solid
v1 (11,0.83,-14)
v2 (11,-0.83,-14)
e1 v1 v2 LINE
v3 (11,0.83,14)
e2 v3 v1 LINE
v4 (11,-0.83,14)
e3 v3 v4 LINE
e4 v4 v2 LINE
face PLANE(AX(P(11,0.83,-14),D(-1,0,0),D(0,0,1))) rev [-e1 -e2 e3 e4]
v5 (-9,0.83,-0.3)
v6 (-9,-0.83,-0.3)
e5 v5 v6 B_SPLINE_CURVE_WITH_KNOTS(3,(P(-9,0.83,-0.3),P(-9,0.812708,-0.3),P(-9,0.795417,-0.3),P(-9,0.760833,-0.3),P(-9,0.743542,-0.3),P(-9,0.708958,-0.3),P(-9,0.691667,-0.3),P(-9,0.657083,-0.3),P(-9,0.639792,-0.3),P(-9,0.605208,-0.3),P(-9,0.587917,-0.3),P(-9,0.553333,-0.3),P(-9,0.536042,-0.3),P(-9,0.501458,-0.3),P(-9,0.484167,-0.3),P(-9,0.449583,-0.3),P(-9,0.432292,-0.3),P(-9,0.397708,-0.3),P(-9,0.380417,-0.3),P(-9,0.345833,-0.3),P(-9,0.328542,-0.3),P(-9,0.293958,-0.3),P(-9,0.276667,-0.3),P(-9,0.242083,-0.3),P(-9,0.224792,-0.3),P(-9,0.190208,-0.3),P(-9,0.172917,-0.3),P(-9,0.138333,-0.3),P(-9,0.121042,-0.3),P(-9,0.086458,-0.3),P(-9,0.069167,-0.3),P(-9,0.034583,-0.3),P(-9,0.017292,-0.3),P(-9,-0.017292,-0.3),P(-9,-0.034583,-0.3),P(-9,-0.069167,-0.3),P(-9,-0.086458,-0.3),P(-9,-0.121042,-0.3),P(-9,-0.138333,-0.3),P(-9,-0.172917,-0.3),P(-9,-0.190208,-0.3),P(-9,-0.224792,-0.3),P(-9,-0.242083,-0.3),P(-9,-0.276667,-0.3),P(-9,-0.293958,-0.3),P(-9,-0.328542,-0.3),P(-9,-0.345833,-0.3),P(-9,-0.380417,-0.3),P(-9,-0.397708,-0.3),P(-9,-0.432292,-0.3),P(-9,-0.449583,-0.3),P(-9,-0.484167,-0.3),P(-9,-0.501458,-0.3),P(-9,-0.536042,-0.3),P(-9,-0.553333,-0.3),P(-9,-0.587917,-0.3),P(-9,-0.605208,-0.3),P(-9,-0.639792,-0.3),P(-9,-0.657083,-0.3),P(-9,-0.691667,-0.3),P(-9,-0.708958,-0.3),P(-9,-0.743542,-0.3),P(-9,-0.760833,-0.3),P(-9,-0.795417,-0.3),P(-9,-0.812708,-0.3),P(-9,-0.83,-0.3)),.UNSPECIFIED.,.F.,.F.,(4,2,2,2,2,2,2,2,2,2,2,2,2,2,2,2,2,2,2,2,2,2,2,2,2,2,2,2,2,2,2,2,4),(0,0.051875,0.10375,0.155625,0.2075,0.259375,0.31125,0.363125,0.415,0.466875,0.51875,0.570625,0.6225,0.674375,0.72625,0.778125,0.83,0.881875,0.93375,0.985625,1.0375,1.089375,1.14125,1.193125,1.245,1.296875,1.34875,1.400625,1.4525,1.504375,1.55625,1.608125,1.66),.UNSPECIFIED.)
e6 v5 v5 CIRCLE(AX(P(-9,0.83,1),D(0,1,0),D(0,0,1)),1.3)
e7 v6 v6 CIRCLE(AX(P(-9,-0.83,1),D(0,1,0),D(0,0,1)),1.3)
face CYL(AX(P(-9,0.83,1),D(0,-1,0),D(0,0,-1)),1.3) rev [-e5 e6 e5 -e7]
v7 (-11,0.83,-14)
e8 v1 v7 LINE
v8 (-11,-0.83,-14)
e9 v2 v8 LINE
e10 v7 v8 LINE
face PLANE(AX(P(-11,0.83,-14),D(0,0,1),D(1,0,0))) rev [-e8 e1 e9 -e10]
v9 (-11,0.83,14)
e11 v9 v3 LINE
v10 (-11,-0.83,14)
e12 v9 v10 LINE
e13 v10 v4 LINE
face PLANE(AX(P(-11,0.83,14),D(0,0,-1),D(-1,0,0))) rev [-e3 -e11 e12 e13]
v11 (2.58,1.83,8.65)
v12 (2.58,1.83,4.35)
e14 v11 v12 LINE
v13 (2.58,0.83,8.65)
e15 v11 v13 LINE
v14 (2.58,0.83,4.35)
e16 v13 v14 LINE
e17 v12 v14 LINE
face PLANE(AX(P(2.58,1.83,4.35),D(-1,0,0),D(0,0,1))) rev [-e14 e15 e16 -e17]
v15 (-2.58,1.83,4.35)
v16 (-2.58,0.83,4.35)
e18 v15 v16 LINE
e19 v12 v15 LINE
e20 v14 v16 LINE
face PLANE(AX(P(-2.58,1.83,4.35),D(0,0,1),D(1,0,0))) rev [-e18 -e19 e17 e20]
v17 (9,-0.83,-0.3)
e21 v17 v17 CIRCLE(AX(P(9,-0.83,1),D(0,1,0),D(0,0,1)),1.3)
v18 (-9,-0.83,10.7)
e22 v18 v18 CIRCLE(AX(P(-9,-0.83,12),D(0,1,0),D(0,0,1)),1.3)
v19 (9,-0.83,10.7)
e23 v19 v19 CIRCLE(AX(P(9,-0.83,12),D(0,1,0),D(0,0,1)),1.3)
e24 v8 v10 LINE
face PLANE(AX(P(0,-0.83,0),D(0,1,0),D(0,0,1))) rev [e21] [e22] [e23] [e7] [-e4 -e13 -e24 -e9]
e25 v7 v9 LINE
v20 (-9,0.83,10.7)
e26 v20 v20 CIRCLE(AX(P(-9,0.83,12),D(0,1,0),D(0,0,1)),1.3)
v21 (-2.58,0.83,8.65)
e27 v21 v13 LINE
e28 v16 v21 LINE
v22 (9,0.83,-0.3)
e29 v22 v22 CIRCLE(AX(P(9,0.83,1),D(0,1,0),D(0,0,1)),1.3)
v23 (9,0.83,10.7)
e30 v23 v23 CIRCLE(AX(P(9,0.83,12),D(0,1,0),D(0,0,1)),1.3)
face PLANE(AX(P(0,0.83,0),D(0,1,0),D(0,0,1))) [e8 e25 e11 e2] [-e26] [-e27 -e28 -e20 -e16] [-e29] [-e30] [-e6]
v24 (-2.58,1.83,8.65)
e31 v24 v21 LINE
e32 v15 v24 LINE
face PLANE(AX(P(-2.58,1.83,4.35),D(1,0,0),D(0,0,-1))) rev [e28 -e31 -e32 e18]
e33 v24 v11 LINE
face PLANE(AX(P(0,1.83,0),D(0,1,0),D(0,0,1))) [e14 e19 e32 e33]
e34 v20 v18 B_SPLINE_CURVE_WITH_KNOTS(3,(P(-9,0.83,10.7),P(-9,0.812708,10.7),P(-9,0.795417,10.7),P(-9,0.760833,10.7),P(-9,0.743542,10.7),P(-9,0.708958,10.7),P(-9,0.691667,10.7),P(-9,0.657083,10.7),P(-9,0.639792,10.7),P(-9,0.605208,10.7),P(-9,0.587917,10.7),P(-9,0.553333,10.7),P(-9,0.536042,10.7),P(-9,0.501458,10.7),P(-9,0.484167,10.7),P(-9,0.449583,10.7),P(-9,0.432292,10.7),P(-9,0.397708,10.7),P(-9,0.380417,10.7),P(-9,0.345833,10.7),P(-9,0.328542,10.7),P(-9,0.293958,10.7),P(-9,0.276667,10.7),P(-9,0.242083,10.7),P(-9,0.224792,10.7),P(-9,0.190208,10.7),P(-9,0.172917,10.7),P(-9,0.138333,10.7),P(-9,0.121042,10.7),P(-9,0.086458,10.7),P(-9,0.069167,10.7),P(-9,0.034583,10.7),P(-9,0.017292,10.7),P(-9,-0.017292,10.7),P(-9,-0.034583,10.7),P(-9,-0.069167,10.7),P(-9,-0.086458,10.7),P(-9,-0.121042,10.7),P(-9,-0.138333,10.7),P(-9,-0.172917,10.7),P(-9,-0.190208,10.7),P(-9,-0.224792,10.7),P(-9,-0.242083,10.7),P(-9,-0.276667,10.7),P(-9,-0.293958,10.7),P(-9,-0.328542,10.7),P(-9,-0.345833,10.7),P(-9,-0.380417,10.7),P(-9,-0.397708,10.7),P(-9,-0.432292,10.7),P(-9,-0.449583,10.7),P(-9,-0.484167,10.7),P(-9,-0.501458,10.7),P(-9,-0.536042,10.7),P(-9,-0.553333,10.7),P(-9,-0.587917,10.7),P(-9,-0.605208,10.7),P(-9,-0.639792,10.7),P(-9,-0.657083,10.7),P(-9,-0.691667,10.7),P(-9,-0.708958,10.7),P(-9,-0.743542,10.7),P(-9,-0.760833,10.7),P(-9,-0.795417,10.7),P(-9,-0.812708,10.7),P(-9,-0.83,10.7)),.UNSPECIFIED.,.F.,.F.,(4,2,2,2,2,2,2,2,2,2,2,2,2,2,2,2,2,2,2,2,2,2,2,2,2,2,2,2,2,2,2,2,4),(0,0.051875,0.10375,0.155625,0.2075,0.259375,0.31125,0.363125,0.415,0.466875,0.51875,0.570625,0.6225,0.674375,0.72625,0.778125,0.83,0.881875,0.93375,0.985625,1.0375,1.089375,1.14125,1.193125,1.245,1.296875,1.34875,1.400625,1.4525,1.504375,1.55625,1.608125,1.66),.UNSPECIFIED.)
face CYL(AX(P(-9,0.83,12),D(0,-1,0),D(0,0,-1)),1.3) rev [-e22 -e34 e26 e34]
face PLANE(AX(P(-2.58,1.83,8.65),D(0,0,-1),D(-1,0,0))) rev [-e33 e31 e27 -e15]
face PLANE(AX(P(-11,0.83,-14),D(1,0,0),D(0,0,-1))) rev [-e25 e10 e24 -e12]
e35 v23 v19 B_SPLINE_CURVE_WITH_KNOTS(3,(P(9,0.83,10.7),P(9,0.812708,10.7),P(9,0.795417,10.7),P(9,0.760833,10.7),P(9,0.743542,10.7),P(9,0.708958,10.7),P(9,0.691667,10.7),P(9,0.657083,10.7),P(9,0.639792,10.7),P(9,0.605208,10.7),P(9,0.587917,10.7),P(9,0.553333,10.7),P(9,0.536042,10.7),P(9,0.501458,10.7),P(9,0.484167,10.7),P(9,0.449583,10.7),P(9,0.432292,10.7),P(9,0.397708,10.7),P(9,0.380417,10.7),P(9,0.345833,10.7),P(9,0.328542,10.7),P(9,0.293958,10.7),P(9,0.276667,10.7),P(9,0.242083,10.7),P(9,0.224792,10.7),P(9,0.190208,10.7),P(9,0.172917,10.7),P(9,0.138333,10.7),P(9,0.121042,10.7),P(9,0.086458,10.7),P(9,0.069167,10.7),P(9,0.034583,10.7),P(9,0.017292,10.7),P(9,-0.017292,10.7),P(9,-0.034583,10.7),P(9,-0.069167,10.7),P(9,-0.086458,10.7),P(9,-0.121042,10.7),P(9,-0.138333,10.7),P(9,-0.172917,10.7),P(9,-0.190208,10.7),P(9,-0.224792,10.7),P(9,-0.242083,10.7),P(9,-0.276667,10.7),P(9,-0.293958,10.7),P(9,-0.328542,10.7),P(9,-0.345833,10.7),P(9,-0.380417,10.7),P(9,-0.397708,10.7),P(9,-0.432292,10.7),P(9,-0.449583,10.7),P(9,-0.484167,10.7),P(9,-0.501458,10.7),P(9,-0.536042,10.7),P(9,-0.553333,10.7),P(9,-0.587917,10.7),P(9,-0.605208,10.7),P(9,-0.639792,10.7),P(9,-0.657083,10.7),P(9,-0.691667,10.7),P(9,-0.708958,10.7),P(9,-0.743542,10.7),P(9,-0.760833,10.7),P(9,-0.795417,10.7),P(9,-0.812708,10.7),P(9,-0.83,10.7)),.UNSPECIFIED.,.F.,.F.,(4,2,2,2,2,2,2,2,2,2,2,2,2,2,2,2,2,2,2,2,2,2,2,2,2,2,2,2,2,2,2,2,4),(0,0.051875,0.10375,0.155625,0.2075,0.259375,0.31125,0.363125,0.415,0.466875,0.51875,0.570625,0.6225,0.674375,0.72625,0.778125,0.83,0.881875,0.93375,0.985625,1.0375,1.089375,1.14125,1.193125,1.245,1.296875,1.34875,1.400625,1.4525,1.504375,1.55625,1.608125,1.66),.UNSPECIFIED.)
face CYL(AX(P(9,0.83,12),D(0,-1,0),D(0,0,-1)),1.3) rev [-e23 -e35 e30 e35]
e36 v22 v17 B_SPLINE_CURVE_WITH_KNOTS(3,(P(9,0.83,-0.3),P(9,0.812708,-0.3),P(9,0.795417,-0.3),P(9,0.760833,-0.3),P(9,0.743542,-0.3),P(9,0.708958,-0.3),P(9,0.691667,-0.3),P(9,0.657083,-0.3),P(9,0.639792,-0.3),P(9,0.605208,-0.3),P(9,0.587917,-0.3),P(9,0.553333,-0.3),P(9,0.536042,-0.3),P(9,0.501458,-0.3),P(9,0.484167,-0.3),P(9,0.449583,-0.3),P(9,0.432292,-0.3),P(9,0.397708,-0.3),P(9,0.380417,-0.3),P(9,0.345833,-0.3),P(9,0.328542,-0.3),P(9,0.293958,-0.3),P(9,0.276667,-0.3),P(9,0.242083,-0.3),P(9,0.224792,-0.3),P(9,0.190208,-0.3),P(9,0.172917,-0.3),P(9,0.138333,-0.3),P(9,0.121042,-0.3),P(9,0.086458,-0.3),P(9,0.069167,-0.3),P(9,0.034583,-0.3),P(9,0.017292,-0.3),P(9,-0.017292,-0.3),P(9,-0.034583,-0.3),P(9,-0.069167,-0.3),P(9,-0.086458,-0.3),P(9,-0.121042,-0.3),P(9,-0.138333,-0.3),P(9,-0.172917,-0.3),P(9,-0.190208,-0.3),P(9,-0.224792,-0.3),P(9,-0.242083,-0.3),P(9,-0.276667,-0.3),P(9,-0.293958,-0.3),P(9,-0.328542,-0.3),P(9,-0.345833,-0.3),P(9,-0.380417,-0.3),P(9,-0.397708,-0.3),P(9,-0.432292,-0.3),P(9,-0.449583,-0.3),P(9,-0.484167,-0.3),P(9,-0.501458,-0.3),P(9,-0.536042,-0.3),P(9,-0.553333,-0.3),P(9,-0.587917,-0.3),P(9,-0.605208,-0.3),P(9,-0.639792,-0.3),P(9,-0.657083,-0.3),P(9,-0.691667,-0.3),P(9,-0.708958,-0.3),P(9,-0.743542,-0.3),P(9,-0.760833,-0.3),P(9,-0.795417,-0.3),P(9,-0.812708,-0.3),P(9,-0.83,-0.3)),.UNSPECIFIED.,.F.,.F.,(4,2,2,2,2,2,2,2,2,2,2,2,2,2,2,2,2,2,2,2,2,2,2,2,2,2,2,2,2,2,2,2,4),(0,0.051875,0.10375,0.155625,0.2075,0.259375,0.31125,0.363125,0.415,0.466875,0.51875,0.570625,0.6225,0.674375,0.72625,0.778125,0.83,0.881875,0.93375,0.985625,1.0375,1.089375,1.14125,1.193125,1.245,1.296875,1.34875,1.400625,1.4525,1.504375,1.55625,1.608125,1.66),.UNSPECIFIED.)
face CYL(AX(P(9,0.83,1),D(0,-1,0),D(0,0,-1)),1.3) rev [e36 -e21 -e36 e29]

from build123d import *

# Parameters (mm, degrees)
SKETCH1_W           = 22
SKETCH1_H           = 28
SKETCH1_R           = 1.3
BOSS_EXTRUDE1_DEPTH = 0.83
SKETCH2_W           = 5.16
SKETCH2_H           = 4.3
BOSS_EXTRUDE2_DEPTH = 1


with BuildPart() as part:
    # Sketch1 → Boss-Extrude1 (new, symmetric)
    with BuildSketch(Plane(origin=(0, 0, 0), x_dir=(1, 0, 0), z_dir=(0, 1, 0))):
        Rectangle(SKETCH1_W, SKETCH1_H)
        with Locations(Location((-9, -1, 0), (0, 0, 90))):
            Circle(SKETCH1_R, mode=Mode.SUBTRACT)
        with Locations(Location((9, -1, 0), (0, 0, 90))):
            Circle(SKETCH1_R, mode=Mode.SUBTRACT)
        with Locations(Location((-9, -12, 0), (0, 0, 90))):
            Circle(SKETCH1_R, mode=Mode.SUBTRACT)
        with Locations(Location((9, -12, 0), (0, 0, 90))):
            Circle(SKETCH1_R, mode=Mode.SUBTRACT)
    extrude(amount=BOSS_EXTRUDE1_DEPTH, both=True)

    # Sketch2 → Boss-Extrude2 (add)
    with BuildSketch(Plane(origin=(0, 0.83, 0), x_dir=(1, 0, 0), z_dir=(0, 1, 0))):
        with Locations((0, -6.5)):
            Rectangle(SKETCH2_W, SKETCH2_H)
    extrude(amount=BOSS_EXTRUDE2_DEPTH)


solid = part.part
